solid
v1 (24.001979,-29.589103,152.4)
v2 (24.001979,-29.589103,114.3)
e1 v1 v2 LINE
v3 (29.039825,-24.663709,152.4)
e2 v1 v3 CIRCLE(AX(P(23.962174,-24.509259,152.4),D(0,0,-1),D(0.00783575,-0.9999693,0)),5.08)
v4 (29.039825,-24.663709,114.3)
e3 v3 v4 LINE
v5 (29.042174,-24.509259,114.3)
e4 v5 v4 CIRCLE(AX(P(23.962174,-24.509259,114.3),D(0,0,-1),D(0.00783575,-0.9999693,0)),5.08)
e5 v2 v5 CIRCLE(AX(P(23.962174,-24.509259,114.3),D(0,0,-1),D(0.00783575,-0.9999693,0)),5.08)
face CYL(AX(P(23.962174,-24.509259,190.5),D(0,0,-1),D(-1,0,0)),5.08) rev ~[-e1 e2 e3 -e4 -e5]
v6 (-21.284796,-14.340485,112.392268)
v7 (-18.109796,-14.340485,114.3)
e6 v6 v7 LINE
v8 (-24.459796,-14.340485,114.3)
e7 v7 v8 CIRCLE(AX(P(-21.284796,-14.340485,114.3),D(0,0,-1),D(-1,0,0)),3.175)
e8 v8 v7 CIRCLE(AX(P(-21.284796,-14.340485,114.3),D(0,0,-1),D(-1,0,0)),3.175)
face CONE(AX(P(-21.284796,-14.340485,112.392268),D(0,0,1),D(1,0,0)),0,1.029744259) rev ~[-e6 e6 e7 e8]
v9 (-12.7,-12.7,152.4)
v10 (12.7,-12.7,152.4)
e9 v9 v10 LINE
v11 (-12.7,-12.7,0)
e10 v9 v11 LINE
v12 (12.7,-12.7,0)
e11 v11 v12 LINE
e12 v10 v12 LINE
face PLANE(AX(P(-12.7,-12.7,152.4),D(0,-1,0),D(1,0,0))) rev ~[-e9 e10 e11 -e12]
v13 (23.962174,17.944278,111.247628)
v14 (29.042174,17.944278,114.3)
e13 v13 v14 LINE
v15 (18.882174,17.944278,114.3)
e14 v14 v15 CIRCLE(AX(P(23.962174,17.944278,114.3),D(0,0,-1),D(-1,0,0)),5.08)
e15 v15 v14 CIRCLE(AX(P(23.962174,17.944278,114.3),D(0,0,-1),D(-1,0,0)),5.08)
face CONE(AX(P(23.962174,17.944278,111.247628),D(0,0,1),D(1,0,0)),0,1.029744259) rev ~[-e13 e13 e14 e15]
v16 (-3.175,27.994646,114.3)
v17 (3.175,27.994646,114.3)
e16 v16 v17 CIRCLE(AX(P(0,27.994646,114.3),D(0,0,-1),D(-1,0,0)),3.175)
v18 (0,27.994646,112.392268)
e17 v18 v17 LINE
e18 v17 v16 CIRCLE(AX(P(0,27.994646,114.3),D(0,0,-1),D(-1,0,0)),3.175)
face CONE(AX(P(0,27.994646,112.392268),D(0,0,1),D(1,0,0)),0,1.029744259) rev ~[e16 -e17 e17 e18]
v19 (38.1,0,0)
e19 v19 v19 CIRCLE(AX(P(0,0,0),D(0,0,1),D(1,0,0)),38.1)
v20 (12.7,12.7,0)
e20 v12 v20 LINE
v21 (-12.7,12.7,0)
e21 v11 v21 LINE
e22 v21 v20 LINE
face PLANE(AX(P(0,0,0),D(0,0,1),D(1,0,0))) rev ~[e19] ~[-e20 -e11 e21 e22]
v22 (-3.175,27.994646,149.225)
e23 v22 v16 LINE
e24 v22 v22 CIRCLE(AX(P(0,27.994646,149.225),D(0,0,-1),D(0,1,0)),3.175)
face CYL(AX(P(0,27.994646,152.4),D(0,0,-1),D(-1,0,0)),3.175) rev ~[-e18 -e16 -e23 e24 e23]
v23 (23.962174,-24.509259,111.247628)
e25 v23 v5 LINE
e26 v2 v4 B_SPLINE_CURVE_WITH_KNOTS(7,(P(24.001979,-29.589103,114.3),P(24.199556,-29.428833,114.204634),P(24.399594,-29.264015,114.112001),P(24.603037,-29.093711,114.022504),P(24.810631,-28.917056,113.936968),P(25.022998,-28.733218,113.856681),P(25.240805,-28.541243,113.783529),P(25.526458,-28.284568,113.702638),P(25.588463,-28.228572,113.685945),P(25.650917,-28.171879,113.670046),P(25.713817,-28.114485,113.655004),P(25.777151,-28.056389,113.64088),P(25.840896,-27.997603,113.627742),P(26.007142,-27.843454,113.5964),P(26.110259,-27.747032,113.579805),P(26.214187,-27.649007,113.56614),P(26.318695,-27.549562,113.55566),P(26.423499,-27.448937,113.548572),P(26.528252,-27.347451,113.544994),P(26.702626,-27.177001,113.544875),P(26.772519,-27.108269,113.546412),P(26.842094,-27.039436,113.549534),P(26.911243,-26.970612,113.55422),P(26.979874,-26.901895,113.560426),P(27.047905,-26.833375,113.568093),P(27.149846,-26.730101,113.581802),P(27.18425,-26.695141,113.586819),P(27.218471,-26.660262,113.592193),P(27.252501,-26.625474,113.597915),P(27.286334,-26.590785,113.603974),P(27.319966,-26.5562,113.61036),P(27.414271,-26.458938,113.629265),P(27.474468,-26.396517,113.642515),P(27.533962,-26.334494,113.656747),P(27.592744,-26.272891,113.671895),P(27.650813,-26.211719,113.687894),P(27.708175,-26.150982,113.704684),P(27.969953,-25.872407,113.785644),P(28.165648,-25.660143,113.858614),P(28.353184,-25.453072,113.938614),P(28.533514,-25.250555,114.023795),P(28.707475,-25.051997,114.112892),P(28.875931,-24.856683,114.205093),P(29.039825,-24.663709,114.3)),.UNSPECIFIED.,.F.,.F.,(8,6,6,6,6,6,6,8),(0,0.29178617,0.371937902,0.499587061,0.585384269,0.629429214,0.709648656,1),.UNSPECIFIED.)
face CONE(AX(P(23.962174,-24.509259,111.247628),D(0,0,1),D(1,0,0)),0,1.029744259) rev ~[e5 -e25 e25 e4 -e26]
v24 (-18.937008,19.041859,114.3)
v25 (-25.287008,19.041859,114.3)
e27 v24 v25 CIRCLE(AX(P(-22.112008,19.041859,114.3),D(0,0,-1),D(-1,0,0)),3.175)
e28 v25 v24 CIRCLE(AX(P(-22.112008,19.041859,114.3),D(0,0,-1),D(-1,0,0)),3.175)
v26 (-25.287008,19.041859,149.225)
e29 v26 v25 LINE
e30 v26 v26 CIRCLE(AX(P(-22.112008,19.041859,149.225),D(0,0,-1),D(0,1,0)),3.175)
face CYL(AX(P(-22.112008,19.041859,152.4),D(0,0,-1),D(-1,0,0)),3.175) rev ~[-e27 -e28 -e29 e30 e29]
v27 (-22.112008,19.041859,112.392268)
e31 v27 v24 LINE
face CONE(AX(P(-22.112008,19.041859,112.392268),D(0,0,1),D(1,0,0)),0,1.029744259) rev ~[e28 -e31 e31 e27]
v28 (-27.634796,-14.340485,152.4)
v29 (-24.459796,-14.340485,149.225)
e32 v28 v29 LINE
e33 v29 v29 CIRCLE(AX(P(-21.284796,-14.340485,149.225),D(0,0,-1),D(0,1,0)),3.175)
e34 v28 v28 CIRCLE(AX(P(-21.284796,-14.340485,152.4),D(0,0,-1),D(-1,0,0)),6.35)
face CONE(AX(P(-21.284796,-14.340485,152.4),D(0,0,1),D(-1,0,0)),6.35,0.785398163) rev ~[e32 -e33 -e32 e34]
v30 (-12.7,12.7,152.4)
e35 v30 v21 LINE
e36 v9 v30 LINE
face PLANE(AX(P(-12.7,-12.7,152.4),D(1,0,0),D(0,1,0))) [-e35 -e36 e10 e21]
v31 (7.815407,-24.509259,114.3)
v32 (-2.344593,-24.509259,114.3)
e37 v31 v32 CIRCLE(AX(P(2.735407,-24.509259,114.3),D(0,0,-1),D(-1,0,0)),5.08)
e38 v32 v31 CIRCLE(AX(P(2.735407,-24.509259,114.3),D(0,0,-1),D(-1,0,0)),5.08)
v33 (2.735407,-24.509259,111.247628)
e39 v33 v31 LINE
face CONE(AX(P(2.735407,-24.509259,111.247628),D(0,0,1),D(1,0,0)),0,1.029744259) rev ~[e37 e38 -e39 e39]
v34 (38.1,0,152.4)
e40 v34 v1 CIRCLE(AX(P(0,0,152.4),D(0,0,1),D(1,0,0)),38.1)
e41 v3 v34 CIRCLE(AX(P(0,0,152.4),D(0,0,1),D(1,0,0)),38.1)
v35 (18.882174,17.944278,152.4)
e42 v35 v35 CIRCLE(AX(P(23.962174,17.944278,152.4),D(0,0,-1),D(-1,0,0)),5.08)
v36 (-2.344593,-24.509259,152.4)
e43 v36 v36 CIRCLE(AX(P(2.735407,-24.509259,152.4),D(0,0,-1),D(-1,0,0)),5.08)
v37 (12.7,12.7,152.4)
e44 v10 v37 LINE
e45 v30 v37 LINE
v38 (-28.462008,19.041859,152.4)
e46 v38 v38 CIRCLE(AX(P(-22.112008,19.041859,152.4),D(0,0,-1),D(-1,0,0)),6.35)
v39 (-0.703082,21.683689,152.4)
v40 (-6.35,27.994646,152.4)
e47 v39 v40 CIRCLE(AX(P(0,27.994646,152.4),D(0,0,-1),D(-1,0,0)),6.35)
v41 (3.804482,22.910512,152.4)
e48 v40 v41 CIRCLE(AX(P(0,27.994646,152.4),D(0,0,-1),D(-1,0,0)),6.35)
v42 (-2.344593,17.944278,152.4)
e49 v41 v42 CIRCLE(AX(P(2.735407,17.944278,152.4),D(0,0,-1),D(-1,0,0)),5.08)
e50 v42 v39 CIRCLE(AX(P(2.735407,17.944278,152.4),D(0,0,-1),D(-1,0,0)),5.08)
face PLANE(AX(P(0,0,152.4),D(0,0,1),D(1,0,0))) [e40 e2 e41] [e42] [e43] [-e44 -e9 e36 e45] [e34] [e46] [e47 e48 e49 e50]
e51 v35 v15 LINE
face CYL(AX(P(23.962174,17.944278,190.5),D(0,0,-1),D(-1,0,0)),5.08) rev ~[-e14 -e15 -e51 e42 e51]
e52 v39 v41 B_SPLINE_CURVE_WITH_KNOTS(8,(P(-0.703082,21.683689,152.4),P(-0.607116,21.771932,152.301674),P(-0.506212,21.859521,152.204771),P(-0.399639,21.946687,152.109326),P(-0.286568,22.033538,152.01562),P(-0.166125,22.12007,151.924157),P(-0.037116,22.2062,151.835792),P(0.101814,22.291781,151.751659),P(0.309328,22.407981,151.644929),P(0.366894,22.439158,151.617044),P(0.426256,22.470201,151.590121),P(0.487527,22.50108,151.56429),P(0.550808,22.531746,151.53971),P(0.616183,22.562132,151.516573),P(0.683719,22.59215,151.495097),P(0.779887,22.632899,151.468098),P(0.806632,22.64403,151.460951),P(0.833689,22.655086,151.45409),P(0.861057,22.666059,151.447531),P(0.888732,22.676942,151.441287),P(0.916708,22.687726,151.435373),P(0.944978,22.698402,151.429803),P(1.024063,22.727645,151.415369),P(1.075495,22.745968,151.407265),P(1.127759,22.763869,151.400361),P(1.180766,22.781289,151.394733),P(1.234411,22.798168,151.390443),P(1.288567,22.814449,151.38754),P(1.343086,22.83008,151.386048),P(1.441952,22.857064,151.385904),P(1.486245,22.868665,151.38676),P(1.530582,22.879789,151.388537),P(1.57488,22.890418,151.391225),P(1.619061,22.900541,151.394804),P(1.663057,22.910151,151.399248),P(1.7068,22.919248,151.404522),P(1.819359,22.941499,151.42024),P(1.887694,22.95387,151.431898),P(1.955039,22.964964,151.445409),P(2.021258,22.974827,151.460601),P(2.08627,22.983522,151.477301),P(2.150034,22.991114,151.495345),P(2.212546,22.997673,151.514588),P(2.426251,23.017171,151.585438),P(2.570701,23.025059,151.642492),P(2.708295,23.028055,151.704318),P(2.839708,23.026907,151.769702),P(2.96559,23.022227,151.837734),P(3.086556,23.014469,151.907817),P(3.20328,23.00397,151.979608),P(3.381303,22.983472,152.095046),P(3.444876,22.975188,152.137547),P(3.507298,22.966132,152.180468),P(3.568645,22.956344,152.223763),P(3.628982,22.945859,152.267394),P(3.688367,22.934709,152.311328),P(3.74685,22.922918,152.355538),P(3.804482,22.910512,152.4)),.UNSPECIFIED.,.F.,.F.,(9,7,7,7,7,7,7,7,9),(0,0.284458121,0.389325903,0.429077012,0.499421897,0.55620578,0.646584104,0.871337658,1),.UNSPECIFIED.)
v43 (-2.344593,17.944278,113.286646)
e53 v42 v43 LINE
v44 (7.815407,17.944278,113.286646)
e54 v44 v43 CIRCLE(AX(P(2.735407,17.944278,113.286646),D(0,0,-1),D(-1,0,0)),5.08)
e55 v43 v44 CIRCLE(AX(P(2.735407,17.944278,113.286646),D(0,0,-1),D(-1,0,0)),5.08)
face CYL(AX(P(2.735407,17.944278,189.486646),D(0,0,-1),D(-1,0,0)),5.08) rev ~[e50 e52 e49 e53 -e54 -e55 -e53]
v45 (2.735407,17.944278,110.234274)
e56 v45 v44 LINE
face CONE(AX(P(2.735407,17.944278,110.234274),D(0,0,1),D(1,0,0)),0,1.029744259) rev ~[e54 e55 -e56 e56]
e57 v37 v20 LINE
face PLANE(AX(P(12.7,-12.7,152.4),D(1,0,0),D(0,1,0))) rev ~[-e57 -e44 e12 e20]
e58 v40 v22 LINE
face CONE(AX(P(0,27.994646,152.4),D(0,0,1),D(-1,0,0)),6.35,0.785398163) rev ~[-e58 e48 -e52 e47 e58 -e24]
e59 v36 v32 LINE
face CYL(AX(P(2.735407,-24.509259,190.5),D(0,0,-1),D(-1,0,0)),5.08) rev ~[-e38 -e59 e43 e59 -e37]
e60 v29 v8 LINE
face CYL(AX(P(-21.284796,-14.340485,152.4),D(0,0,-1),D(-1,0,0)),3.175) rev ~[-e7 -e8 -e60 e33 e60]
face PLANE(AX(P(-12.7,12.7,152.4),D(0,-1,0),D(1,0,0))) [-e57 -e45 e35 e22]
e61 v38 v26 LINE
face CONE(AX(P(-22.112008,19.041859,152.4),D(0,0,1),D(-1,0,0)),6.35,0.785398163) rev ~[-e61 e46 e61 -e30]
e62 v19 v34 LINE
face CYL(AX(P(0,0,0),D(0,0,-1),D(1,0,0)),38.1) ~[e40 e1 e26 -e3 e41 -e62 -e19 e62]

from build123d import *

# Parameters (mm, degrees)
F0_R           = 38.1
F1_DEPTH       = 152.4
F2_W           = 25.4
F2_H           = 25.4
F3_DEPTH       = 152.4
F5_D           = 6.35
F5_DEPTH       = 38.1
F5_CSINK_D     = 12.7
F5_CSINK_ANGLE = 90
F5_TIP         = 1.9077324654
F7_D           = 10.16
F7_DEPTH       = 38.1
F7_START       = 1.0133538
F7_TIP         = 3.0523719447


with BuildPart() as f1:
    # F0 (on Top) → F1 (new body)
    with BuildSketch(Plane.XY):
        Circle(F0_R)
    extrude(amount=F1_DEPTH)

    # F2 (on face) → F3 (cut, through all)
    with BuildSketch(Plane.XY.offset(152.4)):
        Rectangle(F2_W, F2_H)
    extrude(amount=-F3_DEPTH, mode=Mode.SUBTRACT)

    # F5
    with Locations(Plane.XY.offset(152.4)):
        with Locations((-21.2847962976, -14.3404845148), (-22.1120081842, 19.0418586135), (0, 27.9946457595)):
            CounterSinkHole(F5_D / 2, F5_CSINK_D / 2, depth=F5_DEPTH, counter_sink_angle=F5_CSINK_ANGLE)
            with Locations((0, 0, -(F5_DEPTH + F5_TIP / 2))):  # 118° drill point
                Cone(0, F5_D / 2, F5_TIP, mode=Mode.SUBTRACT)

    # F7
    # its depths count from where the whole tool has entered the part; down to there all is cleared
    with Locations(Plane.XY.offset(152.4)):
        with Locations((2.7354073245, -24.5092585683, 0), (23.9621736109, -24.5092585683, 0), (23.9621736109, 17.9442781955, 0), (2.7354073245, 17.9442781955, -F7_START)):
            Hole(F7_D / 2, depth=F7_DEPTH)
            with Locations((0, 0, -(F7_DEPTH + F7_TIP / 2))):  # 118° drill point
                Cone(0, F7_D / 2, F7_TIP, mode=Mode.SUBTRACT)


solid = f1.part
